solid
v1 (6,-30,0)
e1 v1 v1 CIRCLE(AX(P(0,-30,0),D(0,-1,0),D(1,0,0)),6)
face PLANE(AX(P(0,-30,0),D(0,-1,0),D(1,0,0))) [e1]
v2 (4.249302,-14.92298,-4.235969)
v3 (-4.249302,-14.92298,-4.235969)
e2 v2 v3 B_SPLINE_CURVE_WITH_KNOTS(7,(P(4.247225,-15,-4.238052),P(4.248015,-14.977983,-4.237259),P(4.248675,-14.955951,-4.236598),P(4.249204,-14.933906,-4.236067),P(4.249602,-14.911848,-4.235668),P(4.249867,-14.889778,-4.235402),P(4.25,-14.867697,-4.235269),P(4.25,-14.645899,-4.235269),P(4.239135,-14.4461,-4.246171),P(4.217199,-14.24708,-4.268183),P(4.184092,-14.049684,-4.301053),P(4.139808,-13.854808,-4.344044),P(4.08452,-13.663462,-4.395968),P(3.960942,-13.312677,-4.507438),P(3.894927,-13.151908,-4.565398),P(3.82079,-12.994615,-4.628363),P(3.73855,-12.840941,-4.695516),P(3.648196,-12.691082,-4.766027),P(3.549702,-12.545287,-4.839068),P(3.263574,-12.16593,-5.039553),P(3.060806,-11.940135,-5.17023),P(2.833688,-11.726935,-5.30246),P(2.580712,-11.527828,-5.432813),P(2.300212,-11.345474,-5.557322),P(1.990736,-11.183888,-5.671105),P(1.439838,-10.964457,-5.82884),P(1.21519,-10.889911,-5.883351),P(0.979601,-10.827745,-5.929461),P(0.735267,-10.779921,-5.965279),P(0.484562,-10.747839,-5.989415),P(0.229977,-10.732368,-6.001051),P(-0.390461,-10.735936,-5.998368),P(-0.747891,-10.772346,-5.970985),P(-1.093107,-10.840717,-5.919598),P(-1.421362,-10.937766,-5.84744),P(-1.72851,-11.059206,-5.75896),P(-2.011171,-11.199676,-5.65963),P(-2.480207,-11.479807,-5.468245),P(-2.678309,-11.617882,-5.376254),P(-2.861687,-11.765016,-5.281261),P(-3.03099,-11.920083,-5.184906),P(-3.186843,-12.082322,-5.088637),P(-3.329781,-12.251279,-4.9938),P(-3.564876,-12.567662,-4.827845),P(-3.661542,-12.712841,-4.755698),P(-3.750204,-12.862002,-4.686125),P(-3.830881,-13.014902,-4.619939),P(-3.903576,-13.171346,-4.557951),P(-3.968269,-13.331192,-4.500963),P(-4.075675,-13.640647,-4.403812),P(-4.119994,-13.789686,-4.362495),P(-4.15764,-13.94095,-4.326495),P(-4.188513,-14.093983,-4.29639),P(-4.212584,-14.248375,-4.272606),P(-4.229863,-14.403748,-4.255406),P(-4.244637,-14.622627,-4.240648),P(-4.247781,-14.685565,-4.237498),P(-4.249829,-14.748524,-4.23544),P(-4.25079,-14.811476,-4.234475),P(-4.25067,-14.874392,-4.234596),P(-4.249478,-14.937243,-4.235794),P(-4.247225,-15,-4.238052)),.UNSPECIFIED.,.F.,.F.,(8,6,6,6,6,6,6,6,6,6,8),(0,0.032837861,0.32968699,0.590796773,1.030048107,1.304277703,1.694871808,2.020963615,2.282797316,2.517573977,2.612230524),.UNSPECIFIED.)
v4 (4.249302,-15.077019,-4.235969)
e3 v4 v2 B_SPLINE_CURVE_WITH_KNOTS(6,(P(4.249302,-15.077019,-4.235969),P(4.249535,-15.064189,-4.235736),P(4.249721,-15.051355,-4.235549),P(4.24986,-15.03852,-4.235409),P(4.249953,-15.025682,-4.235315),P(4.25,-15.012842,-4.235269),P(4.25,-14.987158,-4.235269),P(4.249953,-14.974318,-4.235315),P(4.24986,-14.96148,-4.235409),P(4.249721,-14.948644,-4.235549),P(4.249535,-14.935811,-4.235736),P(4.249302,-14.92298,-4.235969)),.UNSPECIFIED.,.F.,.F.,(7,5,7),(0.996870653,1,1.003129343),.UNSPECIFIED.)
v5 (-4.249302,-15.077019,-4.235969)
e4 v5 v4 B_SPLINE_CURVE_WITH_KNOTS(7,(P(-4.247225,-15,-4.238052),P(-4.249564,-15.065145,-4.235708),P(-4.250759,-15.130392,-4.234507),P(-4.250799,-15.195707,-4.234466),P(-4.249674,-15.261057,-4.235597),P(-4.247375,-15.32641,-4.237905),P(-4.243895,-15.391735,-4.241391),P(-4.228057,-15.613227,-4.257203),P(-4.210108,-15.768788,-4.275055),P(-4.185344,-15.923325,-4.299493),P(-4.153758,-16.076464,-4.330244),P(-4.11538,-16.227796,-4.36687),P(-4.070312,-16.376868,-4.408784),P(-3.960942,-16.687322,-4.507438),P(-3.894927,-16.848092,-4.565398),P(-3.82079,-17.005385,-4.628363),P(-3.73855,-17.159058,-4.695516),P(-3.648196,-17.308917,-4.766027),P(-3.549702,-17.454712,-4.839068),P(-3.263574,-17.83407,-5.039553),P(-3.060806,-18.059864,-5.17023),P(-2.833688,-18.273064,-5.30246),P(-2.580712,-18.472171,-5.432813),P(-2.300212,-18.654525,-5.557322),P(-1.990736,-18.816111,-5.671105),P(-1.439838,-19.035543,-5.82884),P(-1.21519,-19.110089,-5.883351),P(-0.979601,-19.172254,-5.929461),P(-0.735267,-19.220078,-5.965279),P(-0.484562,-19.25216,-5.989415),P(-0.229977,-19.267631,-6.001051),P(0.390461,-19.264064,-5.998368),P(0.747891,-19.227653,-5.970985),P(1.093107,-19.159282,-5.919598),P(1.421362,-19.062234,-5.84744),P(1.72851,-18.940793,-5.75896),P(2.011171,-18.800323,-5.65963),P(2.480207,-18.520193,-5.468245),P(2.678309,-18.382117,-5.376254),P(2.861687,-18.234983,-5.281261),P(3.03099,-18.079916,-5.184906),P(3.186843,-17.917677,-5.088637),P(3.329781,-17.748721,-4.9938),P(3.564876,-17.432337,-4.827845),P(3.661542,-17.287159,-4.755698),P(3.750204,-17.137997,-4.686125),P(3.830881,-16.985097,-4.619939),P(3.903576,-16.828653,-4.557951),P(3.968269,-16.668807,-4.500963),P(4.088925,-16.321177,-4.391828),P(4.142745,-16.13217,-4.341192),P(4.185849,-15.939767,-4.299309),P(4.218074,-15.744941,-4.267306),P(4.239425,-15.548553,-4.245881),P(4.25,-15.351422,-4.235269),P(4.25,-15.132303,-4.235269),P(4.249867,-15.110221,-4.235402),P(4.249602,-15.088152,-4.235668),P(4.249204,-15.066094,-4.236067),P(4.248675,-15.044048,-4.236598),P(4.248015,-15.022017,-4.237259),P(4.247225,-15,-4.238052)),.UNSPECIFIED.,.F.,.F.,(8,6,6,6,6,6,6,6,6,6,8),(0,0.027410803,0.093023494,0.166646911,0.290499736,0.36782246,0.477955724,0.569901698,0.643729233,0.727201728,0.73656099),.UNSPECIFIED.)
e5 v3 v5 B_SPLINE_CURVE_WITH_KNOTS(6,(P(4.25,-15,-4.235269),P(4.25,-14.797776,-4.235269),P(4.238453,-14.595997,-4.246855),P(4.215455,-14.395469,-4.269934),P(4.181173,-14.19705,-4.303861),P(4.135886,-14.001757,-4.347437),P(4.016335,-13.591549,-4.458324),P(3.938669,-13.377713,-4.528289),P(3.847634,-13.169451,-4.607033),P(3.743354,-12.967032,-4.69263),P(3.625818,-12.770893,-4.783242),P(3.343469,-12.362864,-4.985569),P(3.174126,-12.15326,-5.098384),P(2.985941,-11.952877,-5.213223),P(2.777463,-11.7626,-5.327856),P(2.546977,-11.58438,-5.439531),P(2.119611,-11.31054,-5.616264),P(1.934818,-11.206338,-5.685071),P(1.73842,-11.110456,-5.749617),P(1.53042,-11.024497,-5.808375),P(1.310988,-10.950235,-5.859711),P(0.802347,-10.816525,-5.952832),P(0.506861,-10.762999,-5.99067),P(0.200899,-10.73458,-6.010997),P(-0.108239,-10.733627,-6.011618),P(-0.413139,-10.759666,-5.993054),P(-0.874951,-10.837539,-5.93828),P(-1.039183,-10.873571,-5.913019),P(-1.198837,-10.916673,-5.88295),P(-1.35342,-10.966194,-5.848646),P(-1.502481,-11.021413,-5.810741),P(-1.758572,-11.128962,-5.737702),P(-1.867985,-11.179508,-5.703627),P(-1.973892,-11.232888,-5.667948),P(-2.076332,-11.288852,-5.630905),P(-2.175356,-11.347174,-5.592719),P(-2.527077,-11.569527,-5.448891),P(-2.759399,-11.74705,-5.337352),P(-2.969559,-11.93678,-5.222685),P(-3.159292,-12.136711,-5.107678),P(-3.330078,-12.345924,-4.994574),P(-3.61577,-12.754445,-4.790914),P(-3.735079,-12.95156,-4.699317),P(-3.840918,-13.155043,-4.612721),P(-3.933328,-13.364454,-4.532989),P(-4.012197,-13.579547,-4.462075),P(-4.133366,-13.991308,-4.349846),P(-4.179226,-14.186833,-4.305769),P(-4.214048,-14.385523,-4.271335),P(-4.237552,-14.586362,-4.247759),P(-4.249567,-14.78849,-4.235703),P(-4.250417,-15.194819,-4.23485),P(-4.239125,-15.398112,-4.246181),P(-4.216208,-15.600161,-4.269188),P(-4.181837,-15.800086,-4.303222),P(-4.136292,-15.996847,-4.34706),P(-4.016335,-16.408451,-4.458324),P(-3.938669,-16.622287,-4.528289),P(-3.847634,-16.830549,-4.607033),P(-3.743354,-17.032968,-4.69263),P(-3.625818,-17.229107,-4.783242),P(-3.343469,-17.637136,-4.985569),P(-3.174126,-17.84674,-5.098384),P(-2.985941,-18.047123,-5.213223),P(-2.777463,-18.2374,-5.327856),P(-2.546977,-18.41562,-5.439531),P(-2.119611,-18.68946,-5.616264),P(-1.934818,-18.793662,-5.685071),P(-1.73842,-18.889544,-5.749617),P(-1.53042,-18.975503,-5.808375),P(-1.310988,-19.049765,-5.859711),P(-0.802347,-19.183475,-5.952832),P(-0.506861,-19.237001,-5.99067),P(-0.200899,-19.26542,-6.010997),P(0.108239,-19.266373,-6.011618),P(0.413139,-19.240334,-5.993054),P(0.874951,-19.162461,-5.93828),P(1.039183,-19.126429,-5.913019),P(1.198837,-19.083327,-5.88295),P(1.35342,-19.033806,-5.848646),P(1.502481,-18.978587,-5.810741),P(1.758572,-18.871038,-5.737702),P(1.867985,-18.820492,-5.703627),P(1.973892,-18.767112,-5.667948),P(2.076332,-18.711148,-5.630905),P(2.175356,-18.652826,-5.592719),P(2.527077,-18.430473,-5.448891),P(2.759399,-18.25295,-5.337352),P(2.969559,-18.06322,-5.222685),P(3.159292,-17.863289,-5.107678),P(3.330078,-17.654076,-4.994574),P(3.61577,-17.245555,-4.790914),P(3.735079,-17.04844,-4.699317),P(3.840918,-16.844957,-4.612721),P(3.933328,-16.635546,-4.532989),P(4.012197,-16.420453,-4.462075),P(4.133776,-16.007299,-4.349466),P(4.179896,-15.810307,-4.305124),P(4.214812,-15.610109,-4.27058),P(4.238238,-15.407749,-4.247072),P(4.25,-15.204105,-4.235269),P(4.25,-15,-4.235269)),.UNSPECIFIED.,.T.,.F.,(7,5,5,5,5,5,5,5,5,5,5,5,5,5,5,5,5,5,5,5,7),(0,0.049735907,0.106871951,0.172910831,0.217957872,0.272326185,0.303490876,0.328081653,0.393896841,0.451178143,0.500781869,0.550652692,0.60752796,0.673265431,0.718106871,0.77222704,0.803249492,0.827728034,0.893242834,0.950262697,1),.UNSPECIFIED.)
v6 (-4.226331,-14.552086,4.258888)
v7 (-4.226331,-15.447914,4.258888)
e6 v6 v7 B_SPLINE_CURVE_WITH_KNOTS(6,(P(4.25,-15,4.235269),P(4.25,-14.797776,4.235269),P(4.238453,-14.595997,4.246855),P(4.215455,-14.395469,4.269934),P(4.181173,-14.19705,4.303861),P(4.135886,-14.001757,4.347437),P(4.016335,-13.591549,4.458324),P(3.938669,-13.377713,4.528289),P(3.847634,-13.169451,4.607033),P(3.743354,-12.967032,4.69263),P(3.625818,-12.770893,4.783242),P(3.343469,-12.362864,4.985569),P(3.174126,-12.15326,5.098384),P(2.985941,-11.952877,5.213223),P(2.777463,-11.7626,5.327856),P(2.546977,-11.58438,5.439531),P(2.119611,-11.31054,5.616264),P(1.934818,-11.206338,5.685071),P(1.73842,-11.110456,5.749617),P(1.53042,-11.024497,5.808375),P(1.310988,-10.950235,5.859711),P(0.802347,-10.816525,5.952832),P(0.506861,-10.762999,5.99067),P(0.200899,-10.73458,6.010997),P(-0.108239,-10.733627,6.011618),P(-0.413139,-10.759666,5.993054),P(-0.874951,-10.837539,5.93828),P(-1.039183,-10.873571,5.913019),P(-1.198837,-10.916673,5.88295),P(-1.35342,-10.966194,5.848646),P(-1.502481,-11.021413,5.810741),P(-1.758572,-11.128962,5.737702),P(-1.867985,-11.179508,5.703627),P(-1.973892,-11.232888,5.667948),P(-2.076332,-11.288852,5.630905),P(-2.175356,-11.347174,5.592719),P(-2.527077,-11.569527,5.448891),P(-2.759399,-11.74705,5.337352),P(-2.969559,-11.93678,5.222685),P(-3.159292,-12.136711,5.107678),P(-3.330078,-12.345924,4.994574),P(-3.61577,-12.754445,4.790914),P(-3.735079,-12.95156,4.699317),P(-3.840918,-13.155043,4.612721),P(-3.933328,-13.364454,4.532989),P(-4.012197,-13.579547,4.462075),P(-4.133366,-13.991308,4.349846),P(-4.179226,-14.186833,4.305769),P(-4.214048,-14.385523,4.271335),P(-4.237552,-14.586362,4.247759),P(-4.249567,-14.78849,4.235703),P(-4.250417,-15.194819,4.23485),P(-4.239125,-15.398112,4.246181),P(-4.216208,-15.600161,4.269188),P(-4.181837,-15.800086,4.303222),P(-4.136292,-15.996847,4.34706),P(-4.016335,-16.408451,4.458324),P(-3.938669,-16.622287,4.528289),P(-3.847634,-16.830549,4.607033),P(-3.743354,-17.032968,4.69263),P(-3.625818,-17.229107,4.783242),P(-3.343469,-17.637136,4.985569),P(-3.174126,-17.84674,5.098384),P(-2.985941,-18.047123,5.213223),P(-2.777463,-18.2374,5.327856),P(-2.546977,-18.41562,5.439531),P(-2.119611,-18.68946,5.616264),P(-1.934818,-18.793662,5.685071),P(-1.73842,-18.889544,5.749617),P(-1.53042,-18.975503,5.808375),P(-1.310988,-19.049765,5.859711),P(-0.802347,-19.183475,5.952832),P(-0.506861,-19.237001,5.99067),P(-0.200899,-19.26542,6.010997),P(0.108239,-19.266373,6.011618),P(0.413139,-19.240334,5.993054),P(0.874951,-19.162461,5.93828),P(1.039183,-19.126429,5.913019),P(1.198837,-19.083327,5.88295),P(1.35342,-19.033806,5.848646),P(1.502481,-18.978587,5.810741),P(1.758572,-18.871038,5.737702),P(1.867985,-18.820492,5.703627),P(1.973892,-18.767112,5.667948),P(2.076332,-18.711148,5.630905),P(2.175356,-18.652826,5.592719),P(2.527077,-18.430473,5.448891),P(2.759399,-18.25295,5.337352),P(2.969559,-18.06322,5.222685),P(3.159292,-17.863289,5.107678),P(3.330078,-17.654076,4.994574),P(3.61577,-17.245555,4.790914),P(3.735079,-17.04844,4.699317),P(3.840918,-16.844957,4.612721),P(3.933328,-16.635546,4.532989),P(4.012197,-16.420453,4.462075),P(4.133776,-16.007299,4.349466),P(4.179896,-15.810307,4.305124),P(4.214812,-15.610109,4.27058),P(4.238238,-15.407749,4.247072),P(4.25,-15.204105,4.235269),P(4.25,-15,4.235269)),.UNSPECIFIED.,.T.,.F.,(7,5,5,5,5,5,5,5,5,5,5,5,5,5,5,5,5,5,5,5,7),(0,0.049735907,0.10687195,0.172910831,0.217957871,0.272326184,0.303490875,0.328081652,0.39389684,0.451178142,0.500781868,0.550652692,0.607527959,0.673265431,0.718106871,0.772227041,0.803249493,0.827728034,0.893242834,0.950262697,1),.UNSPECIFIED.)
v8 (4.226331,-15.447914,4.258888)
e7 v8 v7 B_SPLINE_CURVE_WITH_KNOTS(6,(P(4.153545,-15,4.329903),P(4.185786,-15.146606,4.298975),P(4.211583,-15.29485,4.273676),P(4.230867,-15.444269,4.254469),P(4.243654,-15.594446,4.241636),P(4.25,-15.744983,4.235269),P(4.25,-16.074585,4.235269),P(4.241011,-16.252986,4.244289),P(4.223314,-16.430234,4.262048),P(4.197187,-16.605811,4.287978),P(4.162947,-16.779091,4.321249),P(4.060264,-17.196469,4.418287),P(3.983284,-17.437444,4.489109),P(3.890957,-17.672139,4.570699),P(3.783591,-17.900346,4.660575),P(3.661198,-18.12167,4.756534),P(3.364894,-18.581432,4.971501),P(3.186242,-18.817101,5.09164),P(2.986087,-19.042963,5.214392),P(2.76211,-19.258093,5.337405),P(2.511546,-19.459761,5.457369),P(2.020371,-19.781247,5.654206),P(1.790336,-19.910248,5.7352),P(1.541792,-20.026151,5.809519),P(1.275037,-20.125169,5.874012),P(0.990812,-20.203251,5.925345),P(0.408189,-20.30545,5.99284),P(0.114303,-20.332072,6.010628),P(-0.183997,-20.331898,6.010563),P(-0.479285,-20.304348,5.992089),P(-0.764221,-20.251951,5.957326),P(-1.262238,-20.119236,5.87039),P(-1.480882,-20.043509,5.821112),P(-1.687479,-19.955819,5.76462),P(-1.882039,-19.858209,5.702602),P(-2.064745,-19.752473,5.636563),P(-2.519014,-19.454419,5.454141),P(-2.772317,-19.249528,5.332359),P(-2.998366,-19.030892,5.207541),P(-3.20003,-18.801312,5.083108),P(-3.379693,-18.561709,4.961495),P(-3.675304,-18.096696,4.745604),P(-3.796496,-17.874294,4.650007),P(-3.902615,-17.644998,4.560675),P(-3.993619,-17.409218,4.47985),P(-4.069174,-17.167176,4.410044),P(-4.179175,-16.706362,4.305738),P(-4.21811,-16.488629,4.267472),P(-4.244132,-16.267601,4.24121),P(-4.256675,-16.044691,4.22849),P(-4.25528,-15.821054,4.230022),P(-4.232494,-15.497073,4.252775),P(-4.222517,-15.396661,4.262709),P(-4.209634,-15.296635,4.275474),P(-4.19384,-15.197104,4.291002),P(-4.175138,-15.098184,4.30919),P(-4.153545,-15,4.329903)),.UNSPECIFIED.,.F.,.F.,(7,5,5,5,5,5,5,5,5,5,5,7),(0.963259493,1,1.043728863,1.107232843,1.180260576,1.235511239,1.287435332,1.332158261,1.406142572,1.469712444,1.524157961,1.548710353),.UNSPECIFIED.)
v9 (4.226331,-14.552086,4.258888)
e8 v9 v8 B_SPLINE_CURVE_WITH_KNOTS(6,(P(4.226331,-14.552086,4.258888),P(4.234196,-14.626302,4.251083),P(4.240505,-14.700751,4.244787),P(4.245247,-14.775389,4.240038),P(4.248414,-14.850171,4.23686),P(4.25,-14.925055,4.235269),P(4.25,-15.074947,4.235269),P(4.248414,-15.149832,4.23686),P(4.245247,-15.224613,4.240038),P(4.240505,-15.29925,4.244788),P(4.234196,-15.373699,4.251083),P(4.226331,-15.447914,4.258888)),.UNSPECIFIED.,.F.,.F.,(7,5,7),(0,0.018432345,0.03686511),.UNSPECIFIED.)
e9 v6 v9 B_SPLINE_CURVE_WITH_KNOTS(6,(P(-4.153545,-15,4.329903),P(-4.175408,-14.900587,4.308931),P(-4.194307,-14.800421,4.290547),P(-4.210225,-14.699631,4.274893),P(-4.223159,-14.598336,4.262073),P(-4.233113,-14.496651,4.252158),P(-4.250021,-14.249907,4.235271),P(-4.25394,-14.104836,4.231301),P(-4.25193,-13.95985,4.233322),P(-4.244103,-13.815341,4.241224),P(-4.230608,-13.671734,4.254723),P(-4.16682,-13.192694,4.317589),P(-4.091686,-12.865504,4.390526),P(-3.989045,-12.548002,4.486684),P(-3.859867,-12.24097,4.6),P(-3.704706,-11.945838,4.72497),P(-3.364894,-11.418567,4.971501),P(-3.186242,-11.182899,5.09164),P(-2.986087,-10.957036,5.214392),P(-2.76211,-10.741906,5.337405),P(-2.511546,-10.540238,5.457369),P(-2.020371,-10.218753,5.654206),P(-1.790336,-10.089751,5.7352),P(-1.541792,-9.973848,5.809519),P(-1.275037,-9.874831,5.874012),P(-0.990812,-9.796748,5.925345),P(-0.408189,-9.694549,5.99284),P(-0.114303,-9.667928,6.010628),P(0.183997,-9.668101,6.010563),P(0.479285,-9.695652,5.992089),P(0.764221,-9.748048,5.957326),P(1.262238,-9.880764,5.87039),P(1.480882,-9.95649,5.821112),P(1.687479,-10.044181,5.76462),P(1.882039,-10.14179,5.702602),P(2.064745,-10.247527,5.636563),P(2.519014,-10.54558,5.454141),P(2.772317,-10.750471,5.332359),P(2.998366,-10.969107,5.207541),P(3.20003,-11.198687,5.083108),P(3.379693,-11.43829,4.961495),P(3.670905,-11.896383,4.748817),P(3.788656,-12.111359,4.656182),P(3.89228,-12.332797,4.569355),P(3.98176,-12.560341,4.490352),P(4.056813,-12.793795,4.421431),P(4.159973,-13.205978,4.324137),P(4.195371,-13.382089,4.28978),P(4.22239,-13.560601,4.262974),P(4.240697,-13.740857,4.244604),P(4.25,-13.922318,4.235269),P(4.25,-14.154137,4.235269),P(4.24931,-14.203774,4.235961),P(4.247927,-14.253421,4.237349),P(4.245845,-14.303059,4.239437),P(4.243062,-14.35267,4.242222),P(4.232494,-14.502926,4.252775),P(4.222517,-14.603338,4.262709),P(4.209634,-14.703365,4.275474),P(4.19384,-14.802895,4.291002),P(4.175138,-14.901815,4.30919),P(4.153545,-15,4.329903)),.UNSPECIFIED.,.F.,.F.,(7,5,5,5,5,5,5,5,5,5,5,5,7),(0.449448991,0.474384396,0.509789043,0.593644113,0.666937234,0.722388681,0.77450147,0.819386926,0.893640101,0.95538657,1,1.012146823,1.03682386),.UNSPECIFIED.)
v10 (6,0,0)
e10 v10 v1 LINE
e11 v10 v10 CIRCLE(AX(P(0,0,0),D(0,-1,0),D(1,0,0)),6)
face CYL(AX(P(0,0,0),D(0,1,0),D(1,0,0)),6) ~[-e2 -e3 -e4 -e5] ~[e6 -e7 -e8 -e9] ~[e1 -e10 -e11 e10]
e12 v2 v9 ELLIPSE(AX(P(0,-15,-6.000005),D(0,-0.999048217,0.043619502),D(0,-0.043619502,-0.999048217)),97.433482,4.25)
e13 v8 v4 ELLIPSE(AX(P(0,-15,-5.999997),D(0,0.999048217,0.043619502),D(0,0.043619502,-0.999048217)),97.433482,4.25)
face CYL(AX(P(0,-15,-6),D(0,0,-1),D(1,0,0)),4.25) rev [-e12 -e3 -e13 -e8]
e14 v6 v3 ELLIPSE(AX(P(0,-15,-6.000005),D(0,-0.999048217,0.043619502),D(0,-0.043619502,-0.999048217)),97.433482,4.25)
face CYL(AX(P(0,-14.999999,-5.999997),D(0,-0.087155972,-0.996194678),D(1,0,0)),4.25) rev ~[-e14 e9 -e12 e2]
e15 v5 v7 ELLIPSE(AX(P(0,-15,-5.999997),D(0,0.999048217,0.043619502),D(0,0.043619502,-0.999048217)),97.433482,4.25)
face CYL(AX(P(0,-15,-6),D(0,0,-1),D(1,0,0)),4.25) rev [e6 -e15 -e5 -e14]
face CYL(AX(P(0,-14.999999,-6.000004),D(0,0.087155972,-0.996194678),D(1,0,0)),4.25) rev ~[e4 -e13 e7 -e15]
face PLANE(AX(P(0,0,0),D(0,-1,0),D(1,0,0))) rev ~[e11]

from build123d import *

# Parameters (mm, degrees)
F0_R      = 6
F1_DEPTH  = 30
F6_R      = 4.25
F8_DEPTH  = 13.262673
F7_R      = 4.25
F9_DEPTH  = 13.262673
F3_R      = 4.25
F10_DEPTH = 12.001


with BuildPart() as f1:
    # F0 (on Front) → F1 (new body)
    with BuildSketch(Plane.XZ):
        Circle(F0_R)
    extrude(amount=F1_DEPTH)

    # F6 (on face) → F8 (cut, through all)
    with BuildSketch(Plane(origin=(0, 0.407003, -4.652062), x_dir=(1, 0, 0), z_dir=(0, 0.087156, -0.996195))):
        with Locations((0, 15.465855)):
            Circle(F6_R)
    extrude(amount=-F8_DEPTH, mode=Mode.SUBTRACT)

    # F7 (on face) → F9 (cut, through all)
    with BuildSketch(Plane(origin=(0, -0.634886, -7.256785), x_dir=(1, 0, 0), z_dir=(0, -0.087156, -0.996195))):
        with Locations((0, 14.419986)):
            Circle(F7_R)
    extrude(amount=-F9_DEPTH, mode=Mode.SUBTRACT)

    # F3 (on offset) → F10 (cut, through all)
    with BuildSketch(Plane.XY.offset(-6)):
        with Locations((0, -15)):
            Circle(F3_R)
    extrude(amount=F10_DEPTH, mode=Mode.SUBTRACT)


solid = f1.part
